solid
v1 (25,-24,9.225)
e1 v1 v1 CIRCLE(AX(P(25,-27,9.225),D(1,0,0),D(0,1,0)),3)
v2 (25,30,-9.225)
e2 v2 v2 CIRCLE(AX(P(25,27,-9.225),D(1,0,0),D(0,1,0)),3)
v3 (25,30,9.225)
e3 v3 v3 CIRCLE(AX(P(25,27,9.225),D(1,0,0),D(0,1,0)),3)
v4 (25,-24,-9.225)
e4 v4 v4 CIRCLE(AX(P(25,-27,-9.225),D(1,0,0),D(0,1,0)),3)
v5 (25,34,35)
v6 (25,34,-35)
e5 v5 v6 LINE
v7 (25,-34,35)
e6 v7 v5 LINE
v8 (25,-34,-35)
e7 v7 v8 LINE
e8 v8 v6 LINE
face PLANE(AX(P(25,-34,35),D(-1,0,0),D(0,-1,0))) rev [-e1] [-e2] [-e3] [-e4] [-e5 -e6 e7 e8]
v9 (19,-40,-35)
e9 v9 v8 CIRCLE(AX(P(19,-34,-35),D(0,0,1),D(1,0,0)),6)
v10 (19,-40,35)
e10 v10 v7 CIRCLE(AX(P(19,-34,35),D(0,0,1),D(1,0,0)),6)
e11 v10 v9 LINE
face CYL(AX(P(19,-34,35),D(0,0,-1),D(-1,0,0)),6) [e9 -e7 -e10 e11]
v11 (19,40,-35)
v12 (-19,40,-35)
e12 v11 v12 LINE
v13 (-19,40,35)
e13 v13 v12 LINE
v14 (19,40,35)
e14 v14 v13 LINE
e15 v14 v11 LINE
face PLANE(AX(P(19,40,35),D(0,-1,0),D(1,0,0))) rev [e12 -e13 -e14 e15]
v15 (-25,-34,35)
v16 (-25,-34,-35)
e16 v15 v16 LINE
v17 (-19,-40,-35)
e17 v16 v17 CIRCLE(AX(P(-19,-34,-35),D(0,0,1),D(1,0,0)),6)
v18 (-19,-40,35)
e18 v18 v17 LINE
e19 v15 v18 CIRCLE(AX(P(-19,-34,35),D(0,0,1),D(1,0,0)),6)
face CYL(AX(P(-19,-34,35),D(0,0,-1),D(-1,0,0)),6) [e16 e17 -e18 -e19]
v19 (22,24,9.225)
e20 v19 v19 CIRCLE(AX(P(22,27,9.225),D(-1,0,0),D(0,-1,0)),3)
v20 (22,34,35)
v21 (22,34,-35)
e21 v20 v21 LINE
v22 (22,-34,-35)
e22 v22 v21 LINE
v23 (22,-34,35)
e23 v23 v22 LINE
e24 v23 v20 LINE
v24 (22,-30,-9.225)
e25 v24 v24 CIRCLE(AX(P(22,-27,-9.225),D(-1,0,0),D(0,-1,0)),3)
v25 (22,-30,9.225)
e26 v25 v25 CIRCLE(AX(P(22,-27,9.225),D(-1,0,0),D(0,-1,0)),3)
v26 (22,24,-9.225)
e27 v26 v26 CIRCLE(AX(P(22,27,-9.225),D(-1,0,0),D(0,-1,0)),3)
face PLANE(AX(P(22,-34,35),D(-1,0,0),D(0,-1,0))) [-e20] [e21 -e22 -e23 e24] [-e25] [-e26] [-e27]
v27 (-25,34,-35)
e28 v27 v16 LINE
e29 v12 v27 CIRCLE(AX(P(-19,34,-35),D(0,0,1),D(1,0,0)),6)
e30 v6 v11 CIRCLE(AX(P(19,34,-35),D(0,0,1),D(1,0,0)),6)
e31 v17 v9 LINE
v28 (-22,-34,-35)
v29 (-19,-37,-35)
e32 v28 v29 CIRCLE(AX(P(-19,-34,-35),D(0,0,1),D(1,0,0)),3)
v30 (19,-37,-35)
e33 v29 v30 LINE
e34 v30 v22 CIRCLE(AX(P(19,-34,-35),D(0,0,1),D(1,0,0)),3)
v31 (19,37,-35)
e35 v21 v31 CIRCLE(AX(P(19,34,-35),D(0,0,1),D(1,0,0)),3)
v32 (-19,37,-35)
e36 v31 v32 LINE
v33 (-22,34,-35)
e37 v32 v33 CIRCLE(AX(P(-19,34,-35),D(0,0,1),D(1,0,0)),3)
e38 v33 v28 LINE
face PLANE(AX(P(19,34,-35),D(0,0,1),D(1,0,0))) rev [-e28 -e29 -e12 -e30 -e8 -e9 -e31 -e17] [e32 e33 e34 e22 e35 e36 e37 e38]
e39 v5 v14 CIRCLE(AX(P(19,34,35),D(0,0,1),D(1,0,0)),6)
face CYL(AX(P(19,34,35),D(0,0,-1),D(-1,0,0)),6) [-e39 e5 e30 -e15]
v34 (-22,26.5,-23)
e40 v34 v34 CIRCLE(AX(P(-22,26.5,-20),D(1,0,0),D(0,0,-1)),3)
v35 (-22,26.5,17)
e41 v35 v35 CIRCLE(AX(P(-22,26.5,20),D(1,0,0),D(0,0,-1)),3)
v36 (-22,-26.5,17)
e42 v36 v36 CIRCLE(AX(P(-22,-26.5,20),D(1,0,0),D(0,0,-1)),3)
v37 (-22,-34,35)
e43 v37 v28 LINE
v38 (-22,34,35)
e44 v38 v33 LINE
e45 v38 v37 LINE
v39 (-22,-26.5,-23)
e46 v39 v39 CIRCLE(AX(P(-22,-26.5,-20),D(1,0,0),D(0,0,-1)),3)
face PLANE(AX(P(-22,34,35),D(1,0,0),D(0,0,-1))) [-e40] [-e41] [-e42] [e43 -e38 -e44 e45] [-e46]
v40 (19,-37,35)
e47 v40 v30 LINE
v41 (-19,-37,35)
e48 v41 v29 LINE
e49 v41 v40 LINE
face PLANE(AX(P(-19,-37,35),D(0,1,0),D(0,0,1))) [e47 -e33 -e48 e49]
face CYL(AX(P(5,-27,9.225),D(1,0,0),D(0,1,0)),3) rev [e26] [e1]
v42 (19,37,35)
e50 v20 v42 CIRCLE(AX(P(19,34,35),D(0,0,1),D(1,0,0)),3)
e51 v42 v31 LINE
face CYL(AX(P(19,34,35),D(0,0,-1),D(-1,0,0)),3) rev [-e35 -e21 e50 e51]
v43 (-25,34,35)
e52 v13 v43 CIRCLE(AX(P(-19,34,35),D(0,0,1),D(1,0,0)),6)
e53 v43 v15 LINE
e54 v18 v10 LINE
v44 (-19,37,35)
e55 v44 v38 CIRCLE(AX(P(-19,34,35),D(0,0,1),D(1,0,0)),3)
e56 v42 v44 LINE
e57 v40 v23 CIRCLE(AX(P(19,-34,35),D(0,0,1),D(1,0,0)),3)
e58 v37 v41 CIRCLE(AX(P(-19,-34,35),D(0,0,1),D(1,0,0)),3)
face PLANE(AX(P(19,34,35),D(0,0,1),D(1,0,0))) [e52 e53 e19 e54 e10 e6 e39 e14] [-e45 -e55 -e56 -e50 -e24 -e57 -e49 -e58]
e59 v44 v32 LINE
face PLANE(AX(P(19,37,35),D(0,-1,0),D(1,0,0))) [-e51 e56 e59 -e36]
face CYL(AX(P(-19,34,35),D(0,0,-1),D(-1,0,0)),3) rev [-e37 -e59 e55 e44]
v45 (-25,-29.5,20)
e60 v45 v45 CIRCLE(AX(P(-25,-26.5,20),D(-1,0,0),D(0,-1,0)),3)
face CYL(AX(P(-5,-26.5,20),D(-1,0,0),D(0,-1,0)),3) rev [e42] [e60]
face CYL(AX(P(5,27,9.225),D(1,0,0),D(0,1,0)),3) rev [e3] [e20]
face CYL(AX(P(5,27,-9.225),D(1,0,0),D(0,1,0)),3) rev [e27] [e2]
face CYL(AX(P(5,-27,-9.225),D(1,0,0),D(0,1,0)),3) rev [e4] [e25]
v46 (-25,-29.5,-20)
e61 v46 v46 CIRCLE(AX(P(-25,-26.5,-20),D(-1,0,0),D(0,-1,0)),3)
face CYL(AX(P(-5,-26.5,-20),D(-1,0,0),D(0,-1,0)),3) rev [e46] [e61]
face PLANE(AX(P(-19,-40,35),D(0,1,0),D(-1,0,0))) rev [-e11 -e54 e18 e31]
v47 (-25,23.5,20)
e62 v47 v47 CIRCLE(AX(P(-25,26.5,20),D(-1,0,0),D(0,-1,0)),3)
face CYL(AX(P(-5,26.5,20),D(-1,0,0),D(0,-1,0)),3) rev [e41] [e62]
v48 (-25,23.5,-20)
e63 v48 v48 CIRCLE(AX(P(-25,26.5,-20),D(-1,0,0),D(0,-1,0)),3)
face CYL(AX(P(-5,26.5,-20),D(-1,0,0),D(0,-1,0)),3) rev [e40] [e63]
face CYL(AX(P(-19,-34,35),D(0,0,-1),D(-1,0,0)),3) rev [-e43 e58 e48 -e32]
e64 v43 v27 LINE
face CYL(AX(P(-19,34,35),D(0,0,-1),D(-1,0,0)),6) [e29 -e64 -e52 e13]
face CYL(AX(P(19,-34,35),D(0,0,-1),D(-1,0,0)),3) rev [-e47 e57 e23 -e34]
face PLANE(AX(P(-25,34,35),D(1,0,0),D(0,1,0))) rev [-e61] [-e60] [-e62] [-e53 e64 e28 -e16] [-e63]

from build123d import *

# Parameters (mm, degrees)
BOSS_EXTRUDE4_DEPTH = 35
SKETCH11_R          = 3
CUT_EXTRUDE7_DEPTH  = 20
SKETCH12_R          = 3
CUT_EXTRUDE8_DEPTH  = 20


with BuildPart() as part:
    # Sketch9 → Boss-Extrude4 (new, symmetric)
    with BuildSketch(Plane.XY):
        with BuildLine():
            Line((19, 40), (-19, 40))
            ThreePointArc((-19, 40), (-23.242640687, 38.242640687), (-25, 34))
            Line((-25, 34), (-25, -34))
            ThreePointArc((-25, -34), (-23.242640687, -38.242640687), (-19, -40))
            Line((-19, -40), (19, -40))
            ThreePointArc((19, -40), (23.242640687, -38.242640687), (25, -34))
            Line((25, -34), (25, 34))
            ThreePointArc((25, 34), (23.242640687, 38.242640687), (19, 40))
        make_face()
        with BuildLine():
            Line((22, -34), (22, 34))
            ThreePointArc((22, 34), (21.121320344, 36.121320344), (19, 37))
            Line((19, 37), (-19, 37))
            ThreePointArc((-19, 37), (-21.121320344, 36.121320344), (-22, 34))
            Line((-22, 34), (-22, -34))
            ThreePointArc((-22, -34), (-21.121320344, -36.121320344), (-19, -37))
            Line((-19, -37), (19, -37))
            ThreePointArc((19, -37), (21.121320344, -36.121320344), (22, -34))
        make_face(mode=Mode.SUBTRACT)
    extrude(amount=BOSS_EXTRUDE4_DEPTH, both=True)

    # Sketch11 → Cut-Extrude7 (cut)
    with BuildSketch(Plane.ZY.offset(25)):
        with Locations(Location((-20, 26.5, 0), (0, 0, 270))):
            Circle(SKETCH11_R)
        with Locations(Location((20, 26.5, 0), (0, 0, 270))):
            Circle(SKETCH11_R)
        with Locations(Location((20, -26.5, 0), (0, 0, 270))):
            Circle(SKETCH11_R)
        with Locations(Location((-20, -26.5, 0), (0, 0, 270))):
            Circle(SKETCH11_R)
    extrude(amount=-CUT_EXTRUDE7_DEPTH, mode=Mode.SUBTRACT)

    # Sketch12 → Cut-Extrude8 (cut)
    with BuildSketch(Plane(origin=(25, 0, 0), x_dir=(0, 0, -1), z_dir=(1, 0, 0))):
        with Locations(Location((-9.225, 27, 0), (0, 0, 90))):
            Circle(SKETCH12_R)
        with Locations(Location((9.225, 27, 0), (0, 0, 90))):
            Circle(SKETCH12_R)
        with Locations(Location((9.225, -27, 0), (0, 0, 90))):
            Circle(SKETCH12_R)
        with Locations(Location((-9.225, -27, 0), (0, 0, 90))):
            Circle(SKETCH12_R)
    extrude(amount=-CUT_EXTRUDE8_DEPTH, mode=Mode.SUBTRACT)


solid = part.part
